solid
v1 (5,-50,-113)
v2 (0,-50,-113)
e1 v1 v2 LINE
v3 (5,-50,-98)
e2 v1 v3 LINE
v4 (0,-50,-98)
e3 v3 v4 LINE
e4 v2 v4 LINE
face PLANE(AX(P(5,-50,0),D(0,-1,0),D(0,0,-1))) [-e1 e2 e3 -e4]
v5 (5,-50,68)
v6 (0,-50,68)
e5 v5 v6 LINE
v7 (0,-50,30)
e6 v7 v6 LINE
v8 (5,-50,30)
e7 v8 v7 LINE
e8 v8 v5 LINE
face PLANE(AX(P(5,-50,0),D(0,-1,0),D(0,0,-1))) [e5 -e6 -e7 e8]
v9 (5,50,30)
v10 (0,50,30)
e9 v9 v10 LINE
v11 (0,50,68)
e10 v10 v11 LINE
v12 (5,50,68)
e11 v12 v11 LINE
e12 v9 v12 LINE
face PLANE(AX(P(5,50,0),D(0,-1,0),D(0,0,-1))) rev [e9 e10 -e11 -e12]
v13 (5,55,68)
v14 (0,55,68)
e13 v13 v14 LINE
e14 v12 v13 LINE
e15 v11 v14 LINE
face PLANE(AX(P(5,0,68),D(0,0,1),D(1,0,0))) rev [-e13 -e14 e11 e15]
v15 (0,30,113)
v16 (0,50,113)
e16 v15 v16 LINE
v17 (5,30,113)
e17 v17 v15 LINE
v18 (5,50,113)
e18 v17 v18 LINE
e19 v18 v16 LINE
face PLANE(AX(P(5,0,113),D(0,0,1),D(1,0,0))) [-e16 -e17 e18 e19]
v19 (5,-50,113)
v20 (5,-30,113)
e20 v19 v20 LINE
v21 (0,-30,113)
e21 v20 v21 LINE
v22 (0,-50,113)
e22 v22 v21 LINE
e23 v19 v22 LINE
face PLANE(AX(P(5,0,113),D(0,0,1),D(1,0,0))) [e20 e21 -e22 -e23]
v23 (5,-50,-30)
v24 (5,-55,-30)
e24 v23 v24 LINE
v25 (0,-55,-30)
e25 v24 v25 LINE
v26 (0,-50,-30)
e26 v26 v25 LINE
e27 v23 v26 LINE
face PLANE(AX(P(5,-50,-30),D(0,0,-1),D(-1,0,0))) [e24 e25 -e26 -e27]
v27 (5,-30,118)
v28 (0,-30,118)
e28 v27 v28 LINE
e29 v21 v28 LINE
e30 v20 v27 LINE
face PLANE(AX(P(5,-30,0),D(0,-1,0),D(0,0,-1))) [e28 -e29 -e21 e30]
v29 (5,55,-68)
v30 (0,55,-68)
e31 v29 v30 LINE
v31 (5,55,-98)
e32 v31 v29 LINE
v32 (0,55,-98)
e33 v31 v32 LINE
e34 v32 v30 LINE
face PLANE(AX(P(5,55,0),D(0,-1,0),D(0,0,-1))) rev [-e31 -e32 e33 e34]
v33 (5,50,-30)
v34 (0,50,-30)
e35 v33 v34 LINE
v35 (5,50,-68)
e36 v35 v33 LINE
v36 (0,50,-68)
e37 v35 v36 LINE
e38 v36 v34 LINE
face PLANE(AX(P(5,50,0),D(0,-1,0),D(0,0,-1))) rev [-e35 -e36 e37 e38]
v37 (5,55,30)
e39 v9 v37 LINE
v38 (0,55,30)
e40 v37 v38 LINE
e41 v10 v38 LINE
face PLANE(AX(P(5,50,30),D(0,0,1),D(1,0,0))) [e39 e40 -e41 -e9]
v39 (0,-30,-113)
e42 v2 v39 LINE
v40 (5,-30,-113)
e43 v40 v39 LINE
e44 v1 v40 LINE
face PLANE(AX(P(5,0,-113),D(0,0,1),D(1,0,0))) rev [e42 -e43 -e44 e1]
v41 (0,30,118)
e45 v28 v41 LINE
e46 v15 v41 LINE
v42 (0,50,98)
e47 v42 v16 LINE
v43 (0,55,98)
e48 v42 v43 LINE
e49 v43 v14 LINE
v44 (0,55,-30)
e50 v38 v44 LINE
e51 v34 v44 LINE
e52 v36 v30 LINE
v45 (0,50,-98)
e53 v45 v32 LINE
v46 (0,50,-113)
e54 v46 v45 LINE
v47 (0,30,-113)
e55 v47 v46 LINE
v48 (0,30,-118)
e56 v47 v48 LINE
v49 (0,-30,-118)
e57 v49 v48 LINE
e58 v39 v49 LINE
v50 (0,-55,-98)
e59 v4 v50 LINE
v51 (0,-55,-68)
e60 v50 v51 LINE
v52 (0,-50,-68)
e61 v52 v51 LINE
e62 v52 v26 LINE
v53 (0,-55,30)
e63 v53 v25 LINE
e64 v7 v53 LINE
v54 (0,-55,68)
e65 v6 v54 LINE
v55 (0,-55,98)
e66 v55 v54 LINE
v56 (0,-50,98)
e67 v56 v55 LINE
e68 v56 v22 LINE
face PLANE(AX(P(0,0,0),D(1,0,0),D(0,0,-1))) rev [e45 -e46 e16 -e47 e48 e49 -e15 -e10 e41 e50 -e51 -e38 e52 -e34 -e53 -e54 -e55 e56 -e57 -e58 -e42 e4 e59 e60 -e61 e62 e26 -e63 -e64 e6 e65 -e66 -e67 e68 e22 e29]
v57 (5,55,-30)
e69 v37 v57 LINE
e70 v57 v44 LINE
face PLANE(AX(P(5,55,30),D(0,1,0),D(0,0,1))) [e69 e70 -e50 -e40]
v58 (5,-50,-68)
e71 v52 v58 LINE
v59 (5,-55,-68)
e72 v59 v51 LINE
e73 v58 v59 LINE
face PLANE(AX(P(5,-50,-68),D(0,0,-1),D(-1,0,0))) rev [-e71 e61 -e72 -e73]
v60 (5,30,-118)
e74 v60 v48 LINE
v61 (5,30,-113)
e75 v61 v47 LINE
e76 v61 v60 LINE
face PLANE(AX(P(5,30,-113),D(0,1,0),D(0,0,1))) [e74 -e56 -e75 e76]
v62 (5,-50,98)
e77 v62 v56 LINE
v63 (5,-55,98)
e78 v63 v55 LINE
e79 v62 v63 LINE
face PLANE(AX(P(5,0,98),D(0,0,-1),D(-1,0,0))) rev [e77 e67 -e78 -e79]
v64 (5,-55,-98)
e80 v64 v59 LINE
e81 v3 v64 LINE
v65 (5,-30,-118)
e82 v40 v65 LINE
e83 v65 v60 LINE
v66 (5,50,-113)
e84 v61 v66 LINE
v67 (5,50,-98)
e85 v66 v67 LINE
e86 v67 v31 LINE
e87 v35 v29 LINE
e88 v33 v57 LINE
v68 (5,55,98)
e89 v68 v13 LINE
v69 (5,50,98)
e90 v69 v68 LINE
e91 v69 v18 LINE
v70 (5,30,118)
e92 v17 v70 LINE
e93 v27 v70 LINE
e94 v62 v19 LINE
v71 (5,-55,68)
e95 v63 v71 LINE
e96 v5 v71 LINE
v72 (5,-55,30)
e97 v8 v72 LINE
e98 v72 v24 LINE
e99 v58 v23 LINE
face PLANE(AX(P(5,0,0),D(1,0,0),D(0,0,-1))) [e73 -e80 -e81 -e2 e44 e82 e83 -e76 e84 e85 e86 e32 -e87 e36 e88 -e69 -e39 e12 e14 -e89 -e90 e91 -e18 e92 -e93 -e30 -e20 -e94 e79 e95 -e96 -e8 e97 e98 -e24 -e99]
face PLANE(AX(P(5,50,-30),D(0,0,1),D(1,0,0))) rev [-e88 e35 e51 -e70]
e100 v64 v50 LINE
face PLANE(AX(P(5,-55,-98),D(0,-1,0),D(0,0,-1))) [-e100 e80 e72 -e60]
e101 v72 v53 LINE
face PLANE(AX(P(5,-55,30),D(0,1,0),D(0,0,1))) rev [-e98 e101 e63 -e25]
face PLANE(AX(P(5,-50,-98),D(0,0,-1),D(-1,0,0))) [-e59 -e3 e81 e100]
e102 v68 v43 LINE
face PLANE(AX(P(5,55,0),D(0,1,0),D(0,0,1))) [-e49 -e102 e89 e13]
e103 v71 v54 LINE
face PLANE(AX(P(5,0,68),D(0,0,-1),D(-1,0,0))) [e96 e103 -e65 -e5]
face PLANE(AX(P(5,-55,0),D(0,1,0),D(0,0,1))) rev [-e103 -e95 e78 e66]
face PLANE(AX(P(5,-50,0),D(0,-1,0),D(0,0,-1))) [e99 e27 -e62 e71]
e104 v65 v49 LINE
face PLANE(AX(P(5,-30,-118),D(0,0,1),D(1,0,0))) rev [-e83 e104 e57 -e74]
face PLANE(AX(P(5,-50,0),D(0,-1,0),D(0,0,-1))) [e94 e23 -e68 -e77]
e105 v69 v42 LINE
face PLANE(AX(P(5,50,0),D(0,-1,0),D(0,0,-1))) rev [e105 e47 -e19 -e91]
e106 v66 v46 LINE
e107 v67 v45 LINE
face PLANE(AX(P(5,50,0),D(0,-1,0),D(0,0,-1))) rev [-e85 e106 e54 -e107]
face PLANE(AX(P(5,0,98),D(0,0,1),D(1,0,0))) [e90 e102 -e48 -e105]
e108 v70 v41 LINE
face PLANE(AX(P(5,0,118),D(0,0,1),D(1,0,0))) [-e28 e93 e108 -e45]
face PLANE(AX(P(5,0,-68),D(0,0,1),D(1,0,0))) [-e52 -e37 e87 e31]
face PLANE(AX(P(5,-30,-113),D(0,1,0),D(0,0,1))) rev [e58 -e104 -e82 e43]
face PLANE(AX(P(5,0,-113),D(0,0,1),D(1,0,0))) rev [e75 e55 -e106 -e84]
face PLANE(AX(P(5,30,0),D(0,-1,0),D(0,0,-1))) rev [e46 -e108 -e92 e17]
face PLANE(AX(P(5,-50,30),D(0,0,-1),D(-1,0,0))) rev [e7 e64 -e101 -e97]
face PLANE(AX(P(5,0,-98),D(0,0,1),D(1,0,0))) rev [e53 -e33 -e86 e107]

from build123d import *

# Parameters (mm, degrees)
SKETCH1_W           = 226
SKETCH1_H           = 100
SKETCH1_W_2         = 30
SKETCH1_H_2         = 5
SKETCH1_W_3         = 5
SKETCH1_H_3         = 60
SKETCH1_W_4         = 60
BOSS_EXTRUDE1_DEPTH = 5


with BuildPart() as part:
    # Sketch1 → Boss-Extrude1 (new body)
    with BuildSketch(Plane(origin=(0, 0, 0), x_dir=(0, 0, -1), z_dir=(1, 0, 0))):
        Rectangle(SKETCH1_W, SKETCH1_H)
        with Locations((-83, 52.5)):
            Rectangle(SKETCH1_W_2, SKETCH1_H_2)
        with Locations((-83, -52.5)):
            Rectangle(SKETCH1_W_2, SKETCH1_H_2)
        with Locations((-115.5, 0)):
            Rectangle(SKETCH1_W_3, SKETCH1_H_3)
        with Locations((83, 52.5)):
            Rectangle(SKETCH1_W_2, SKETCH1_H_2)
        with Locations((0, 52.5)):
            Rectangle(SKETCH1_W_4, SKETCH1_H_2)
        with Locations((0, -52.5)):
            Rectangle(SKETCH1_W_4, SKETCH1_H_2)
        with Locations((83, -52.5)):
            Rectangle(SKETCH1_W_2, SKETCH1_H_2)
        with Locations((115.5, 0)):
            Rectangle(SKETCH1_W_3, SKETCH1_H_3)
    extrude(amount=BOSS_EXTRUDE1_DEPTH)


solid = part.part
